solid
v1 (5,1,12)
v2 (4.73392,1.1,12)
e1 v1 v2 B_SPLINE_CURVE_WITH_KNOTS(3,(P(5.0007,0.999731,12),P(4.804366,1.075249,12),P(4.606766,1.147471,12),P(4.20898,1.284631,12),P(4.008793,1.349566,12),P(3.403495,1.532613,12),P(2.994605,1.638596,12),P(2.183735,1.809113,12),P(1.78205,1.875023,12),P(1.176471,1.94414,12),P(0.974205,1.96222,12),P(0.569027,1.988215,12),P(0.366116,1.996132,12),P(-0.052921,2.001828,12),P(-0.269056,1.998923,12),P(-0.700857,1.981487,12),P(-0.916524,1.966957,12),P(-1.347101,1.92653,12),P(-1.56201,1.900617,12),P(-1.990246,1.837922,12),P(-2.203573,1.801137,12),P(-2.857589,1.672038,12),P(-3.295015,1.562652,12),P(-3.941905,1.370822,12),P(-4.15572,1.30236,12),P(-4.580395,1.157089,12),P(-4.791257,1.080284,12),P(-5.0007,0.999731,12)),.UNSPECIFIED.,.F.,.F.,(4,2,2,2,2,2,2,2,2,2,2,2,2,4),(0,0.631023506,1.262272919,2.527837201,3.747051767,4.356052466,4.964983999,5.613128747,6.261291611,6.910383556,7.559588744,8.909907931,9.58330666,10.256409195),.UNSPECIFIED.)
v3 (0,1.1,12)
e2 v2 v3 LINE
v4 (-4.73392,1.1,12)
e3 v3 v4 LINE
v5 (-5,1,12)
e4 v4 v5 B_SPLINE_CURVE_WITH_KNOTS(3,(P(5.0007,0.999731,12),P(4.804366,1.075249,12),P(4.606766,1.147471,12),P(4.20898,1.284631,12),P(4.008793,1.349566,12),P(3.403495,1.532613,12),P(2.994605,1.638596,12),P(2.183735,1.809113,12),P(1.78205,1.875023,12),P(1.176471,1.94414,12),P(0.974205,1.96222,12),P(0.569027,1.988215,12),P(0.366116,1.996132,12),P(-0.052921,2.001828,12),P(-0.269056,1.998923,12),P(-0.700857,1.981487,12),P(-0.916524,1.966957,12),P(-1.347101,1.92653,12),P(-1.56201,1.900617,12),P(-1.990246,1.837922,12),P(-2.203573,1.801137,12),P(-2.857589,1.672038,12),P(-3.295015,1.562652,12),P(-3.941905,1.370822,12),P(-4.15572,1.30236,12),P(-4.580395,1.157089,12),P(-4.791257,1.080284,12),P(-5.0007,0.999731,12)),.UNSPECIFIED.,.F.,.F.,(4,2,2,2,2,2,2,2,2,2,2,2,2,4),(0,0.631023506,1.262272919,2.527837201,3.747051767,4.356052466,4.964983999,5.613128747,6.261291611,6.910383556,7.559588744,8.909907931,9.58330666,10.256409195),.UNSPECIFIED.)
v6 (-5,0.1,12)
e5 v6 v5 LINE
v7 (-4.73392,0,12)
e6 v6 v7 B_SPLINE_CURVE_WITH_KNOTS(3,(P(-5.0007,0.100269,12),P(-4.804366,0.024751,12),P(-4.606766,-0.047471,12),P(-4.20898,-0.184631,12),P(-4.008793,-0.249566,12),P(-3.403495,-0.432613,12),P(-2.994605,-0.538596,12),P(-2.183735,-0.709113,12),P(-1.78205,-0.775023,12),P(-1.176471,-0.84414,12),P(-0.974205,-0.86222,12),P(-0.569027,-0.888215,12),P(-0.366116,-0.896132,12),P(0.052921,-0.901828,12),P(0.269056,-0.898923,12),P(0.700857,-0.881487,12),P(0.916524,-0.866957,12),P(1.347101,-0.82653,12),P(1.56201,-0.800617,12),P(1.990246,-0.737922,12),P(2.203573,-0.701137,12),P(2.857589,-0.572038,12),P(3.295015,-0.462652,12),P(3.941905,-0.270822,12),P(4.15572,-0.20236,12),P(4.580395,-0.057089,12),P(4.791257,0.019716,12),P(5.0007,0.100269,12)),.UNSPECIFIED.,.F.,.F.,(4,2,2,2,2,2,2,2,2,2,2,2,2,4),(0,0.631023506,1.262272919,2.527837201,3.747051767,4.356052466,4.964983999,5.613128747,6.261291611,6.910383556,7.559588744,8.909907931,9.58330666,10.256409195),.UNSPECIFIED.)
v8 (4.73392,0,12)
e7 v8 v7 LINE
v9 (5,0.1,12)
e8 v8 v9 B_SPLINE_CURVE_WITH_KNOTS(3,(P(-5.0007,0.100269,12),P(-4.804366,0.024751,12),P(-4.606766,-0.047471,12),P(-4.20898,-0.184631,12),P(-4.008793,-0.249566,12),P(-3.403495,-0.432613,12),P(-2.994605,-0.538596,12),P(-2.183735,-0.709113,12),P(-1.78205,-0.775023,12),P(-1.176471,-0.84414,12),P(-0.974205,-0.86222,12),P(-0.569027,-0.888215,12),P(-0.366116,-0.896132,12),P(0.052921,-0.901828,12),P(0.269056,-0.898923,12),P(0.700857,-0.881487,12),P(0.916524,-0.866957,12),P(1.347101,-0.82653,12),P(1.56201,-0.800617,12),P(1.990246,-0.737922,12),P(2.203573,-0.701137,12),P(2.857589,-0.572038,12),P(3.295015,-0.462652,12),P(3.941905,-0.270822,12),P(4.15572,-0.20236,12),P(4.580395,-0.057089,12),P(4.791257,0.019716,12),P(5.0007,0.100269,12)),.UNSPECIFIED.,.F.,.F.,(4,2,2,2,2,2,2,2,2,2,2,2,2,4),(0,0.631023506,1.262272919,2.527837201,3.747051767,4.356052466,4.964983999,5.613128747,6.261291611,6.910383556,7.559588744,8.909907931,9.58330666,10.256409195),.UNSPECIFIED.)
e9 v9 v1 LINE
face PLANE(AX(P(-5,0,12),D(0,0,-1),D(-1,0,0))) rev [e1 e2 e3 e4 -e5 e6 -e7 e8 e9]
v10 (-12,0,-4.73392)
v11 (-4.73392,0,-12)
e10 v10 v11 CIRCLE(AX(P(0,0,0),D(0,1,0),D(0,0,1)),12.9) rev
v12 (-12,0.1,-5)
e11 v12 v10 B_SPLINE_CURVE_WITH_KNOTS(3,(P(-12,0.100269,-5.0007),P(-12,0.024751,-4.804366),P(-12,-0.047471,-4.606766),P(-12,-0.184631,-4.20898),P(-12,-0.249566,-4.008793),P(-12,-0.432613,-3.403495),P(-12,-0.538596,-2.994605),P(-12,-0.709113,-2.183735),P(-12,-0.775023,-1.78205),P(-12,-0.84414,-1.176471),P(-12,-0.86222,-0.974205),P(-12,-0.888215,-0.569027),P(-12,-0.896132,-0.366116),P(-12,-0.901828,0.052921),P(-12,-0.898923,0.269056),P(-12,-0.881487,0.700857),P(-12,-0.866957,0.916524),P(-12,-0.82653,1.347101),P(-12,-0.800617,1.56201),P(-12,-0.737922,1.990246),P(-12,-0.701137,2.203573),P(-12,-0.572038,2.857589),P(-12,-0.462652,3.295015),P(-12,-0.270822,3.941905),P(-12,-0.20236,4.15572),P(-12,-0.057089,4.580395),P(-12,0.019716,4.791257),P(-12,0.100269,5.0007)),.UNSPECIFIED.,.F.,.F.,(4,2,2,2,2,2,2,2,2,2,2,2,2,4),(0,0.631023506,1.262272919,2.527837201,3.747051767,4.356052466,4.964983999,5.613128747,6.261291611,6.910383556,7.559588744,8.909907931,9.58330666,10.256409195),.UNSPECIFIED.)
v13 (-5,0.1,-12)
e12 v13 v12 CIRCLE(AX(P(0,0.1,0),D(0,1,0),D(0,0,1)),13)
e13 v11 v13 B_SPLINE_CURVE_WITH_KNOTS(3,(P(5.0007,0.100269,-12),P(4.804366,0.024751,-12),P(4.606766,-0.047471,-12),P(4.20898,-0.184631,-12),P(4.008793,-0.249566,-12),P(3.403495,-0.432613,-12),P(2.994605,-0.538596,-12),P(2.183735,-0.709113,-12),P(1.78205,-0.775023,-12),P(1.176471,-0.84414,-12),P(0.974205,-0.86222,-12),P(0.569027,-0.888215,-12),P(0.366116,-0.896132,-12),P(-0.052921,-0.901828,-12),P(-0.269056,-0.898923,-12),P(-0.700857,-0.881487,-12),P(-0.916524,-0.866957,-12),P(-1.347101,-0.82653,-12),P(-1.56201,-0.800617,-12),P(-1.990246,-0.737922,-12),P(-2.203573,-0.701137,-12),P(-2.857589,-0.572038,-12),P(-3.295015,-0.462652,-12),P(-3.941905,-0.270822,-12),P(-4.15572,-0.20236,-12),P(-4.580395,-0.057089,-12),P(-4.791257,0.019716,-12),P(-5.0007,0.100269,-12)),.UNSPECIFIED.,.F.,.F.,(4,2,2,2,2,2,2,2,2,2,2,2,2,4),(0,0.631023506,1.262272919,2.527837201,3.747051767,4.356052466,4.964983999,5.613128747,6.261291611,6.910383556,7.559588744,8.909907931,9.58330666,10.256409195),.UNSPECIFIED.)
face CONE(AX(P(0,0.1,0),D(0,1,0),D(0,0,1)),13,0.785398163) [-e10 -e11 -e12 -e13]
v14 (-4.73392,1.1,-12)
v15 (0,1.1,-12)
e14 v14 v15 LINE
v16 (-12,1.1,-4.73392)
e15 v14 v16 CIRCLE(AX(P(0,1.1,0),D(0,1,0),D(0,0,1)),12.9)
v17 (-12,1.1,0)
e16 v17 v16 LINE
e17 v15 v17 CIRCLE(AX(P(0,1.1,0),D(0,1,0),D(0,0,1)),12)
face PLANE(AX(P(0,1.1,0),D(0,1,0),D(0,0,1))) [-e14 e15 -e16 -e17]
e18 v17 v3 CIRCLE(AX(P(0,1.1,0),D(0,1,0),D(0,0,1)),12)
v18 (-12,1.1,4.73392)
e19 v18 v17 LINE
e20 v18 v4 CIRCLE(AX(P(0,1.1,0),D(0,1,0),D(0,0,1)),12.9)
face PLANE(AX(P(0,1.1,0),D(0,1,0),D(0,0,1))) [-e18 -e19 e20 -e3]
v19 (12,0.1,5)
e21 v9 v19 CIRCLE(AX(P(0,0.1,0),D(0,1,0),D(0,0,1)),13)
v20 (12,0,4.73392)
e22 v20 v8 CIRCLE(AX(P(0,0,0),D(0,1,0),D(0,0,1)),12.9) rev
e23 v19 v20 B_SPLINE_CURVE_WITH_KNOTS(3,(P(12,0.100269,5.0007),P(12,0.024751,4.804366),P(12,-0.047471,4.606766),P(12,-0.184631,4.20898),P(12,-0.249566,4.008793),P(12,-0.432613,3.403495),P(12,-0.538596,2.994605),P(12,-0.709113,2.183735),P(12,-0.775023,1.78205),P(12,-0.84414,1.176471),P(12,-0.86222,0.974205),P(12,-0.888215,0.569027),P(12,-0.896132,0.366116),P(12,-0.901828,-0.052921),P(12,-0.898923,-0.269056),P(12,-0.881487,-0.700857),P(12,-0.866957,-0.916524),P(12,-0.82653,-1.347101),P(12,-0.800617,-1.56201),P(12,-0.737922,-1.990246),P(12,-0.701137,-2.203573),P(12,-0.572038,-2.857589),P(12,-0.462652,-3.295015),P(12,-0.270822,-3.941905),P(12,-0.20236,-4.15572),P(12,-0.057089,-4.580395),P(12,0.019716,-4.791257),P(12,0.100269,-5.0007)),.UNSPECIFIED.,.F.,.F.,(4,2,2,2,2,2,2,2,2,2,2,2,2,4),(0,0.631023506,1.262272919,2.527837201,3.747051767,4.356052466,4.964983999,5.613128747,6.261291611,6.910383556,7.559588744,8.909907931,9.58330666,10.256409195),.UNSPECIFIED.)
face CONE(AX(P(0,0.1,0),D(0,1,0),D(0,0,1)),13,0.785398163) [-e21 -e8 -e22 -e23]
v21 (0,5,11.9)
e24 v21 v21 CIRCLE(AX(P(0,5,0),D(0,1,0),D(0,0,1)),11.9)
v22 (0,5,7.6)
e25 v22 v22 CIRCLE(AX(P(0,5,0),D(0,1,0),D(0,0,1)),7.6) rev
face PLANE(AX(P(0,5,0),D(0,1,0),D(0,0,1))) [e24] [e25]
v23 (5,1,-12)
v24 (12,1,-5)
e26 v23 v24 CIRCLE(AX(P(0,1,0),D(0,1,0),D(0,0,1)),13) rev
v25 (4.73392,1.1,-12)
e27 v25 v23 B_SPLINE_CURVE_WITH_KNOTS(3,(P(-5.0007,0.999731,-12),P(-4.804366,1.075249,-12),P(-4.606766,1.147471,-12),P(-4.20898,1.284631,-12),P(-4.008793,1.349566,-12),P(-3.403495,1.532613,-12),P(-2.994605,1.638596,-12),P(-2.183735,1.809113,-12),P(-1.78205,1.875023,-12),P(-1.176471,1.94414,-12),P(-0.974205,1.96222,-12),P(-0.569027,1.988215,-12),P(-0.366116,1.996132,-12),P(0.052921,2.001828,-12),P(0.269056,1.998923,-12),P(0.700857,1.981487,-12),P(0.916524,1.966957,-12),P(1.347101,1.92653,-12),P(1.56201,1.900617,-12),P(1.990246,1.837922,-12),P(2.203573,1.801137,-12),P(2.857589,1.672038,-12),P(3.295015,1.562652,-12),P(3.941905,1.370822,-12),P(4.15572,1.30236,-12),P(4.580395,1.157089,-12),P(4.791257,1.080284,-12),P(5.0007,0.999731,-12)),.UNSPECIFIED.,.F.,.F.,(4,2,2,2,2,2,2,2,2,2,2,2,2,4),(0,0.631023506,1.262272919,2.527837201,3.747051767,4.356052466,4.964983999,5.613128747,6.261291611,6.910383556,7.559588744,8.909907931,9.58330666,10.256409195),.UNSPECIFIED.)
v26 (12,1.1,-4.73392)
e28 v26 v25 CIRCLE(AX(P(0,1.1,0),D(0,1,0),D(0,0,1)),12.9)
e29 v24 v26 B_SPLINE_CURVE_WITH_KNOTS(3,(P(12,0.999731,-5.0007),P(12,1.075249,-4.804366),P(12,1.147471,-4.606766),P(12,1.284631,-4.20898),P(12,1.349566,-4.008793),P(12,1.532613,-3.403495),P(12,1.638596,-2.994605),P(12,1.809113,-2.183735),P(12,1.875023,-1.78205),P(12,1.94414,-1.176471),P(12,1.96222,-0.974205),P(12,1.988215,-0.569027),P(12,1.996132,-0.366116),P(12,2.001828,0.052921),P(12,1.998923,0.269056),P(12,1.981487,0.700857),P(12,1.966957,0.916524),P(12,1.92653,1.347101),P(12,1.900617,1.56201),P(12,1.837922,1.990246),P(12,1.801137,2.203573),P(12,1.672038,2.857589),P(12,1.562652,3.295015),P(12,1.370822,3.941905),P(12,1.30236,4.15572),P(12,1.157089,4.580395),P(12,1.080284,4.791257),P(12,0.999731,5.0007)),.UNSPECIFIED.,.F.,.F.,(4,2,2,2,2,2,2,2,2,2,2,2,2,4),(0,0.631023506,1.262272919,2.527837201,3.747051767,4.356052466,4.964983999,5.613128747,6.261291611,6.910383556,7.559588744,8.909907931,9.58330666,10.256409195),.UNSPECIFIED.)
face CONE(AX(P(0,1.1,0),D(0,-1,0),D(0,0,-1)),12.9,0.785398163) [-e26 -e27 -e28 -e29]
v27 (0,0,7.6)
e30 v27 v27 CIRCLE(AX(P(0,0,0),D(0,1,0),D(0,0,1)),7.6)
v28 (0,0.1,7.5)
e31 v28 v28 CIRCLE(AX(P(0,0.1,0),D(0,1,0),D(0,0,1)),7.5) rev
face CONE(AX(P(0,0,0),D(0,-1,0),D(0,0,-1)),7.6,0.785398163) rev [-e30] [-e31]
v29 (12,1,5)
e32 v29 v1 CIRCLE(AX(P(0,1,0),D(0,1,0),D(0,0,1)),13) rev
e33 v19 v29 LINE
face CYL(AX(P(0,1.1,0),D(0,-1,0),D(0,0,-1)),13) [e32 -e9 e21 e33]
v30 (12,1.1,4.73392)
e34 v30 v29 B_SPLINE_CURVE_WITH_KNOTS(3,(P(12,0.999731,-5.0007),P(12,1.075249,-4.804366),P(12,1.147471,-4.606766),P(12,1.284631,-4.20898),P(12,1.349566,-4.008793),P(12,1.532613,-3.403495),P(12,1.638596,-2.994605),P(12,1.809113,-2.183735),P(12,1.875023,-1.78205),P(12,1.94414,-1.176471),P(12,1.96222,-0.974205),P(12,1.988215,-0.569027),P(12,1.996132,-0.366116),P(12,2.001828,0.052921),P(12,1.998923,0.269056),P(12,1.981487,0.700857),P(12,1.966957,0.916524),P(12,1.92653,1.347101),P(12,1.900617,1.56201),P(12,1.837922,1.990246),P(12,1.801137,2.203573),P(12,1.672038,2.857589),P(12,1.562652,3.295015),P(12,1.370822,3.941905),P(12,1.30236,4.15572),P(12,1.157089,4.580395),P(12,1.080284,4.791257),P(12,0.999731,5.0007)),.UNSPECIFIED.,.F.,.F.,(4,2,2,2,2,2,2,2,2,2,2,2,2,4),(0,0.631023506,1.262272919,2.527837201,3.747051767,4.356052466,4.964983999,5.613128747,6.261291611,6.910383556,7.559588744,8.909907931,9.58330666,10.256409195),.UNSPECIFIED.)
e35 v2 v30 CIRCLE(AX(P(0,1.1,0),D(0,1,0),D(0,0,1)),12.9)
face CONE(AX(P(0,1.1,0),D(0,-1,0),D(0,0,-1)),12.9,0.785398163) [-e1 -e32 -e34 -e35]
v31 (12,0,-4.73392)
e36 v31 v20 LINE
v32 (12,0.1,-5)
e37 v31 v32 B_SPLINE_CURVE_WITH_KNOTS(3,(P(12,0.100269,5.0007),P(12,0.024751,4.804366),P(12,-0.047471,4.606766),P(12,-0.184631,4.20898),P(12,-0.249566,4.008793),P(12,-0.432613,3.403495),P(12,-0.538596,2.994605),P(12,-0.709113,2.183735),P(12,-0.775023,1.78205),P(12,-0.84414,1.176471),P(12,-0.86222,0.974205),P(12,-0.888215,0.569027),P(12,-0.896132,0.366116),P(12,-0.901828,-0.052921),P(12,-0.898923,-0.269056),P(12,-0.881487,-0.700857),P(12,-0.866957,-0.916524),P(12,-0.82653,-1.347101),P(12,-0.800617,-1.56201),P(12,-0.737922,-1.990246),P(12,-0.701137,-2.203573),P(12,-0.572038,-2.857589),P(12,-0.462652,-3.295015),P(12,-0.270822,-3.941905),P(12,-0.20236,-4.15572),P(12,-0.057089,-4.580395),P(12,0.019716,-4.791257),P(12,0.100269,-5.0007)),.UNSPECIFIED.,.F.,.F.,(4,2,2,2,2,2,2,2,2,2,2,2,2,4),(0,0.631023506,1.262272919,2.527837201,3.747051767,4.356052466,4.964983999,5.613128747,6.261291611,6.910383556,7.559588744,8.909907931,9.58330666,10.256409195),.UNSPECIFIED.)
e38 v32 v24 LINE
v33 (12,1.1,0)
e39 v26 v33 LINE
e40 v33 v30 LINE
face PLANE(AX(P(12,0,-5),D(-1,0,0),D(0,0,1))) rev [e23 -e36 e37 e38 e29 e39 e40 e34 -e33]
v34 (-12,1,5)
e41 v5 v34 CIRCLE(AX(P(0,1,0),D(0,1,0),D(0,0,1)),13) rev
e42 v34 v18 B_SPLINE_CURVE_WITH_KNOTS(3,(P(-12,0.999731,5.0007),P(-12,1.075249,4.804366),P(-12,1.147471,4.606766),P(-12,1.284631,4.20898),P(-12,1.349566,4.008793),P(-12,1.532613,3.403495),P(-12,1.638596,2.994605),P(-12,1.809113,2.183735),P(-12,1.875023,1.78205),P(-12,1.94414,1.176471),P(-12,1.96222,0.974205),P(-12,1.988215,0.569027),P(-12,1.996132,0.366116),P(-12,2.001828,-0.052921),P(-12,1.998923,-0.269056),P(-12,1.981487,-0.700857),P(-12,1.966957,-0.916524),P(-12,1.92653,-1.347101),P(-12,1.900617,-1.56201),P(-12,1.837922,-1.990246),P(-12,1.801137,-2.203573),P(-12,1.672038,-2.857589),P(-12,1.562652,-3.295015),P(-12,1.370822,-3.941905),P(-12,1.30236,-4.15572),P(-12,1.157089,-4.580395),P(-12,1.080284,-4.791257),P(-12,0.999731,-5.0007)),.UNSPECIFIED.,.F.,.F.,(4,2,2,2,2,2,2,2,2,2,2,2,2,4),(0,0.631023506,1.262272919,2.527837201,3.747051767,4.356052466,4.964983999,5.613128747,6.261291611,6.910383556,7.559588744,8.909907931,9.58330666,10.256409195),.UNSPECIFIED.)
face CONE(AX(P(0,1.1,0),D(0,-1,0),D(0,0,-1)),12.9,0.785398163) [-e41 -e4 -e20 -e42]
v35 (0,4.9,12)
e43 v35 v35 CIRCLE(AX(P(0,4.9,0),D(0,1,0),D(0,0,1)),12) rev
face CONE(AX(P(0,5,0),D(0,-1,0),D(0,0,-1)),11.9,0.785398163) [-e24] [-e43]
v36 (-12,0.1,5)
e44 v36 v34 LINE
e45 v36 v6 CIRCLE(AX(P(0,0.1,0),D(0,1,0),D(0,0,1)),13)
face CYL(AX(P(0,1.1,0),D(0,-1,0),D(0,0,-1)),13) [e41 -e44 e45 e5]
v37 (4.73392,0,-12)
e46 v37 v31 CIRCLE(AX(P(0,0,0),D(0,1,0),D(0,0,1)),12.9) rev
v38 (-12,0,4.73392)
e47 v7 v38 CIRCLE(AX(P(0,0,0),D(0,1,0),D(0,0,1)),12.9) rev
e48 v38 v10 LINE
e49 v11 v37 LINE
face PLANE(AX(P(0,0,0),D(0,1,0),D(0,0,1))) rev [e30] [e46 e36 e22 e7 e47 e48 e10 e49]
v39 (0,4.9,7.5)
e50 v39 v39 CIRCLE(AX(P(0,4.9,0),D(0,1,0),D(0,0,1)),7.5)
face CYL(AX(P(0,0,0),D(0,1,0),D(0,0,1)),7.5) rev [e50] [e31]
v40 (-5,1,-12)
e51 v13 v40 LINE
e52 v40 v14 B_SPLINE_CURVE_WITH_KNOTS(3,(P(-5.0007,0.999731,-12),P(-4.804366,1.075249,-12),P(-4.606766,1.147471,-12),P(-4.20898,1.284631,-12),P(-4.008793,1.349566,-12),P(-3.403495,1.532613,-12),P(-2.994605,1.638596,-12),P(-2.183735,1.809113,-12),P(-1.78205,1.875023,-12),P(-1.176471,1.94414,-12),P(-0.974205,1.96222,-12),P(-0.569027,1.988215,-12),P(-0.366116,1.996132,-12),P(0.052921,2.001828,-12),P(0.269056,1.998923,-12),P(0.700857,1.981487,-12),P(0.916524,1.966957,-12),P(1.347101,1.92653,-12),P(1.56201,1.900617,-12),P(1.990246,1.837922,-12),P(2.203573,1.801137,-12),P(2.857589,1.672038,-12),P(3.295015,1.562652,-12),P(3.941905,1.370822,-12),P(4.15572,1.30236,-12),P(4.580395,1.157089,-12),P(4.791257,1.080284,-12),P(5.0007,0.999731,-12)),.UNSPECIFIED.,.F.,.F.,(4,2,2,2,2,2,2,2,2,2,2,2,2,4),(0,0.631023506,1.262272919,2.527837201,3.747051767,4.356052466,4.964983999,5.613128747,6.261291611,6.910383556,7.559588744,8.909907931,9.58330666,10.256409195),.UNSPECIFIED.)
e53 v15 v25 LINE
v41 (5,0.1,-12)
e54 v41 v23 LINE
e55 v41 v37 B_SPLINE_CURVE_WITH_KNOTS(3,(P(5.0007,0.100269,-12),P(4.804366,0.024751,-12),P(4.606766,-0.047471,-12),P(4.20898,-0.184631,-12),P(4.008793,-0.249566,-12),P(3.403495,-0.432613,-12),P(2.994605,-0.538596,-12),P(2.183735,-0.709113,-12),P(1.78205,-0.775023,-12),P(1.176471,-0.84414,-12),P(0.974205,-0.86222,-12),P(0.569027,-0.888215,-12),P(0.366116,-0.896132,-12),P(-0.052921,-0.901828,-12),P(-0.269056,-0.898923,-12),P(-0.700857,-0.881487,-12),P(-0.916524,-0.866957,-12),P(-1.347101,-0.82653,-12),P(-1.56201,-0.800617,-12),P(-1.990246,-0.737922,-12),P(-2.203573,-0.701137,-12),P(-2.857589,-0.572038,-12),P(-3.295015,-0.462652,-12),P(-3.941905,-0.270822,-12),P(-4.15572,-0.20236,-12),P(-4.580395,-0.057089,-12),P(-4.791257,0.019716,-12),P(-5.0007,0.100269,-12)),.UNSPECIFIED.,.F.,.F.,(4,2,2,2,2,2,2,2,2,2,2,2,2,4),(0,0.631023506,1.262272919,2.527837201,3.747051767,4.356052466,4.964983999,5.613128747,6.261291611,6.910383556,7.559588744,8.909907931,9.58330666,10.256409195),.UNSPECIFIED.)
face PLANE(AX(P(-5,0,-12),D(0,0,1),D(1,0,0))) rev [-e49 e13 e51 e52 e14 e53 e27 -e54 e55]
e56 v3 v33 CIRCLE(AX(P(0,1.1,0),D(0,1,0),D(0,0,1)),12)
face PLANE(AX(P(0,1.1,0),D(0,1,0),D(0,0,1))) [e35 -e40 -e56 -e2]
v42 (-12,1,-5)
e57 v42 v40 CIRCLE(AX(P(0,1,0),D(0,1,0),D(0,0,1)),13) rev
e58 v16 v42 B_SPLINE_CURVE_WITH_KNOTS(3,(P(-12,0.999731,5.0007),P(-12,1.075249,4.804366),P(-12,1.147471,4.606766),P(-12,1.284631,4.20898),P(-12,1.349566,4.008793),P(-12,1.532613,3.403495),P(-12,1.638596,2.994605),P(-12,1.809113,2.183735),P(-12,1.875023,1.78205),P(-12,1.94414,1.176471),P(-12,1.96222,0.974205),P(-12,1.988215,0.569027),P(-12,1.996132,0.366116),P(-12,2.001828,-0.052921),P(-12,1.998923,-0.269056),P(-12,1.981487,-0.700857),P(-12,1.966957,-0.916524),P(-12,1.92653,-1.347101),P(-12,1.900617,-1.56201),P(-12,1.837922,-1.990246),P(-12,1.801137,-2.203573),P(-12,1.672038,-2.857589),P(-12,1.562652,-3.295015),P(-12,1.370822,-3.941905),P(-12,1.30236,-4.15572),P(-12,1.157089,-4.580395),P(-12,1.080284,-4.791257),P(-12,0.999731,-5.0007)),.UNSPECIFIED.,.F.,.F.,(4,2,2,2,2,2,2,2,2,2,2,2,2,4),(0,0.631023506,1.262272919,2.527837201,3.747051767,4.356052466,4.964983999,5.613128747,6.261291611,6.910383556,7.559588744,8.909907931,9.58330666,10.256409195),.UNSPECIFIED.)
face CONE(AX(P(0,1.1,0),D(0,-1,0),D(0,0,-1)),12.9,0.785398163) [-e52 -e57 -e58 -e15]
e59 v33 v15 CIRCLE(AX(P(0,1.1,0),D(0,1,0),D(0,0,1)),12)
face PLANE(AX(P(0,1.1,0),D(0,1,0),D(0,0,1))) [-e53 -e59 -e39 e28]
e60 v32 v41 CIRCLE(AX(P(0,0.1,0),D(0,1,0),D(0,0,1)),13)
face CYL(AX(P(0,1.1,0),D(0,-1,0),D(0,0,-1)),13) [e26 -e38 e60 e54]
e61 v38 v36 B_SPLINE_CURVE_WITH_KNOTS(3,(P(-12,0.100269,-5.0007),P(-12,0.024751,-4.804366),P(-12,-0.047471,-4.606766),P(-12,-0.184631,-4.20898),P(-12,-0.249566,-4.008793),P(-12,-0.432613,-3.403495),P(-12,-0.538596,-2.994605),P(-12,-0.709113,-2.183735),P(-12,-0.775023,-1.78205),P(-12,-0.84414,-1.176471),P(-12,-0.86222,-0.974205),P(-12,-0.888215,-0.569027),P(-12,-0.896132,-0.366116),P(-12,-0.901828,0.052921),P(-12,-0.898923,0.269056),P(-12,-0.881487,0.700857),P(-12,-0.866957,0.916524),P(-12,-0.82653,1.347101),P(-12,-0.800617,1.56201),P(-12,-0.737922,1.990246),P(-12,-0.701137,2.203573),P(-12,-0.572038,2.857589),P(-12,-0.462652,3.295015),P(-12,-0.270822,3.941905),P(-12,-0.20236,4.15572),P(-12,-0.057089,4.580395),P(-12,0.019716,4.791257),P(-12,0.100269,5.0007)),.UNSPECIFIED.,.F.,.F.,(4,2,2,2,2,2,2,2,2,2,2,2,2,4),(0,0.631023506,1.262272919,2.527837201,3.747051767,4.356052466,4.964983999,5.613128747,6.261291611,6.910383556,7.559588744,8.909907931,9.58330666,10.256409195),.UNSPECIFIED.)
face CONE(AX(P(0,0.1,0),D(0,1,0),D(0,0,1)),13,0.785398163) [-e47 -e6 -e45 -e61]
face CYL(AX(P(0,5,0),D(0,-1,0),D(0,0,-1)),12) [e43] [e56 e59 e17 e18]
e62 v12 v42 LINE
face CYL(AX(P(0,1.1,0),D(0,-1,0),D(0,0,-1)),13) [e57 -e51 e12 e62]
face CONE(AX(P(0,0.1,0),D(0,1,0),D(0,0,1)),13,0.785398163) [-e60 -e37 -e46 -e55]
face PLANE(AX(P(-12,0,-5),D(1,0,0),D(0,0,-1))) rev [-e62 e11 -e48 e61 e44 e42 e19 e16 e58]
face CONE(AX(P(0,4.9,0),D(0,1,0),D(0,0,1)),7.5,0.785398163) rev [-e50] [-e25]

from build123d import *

# Parameters (mm, degrees)
SKETCH_1_R          = 13
EXTRUDE_1_DEPTH     = 1.1
SKETCH_2_R          = 12
EXTRUDE_2_DEPTH     = 3.9
SKETCH_3_R          = 7.5
CUT_EXTRUDE_1_DEPTH = 20.052558883
CHAMFER_1_SIZE      = 0.1
CUT_EXTRUDE_2_DEPTH = 19.793881983


with BuildPart() as part:
    # 草图1 → 凸台-拉伸1 (new body)
    with BuildSketch(Plane(origin=(0, 0, 0), x_dir=(1, 0, 0), z_dir=(0, 1, 0))):
        with Locations(Location((0, 0, 0), (0, 0, 270))):
            Circle(SKETCH_1_R)
    extrude(amount=EXTRUDE_1_DEPTH)

    # 草图2 → 凸台-拉伸2 (add)
    with BuildSketch(Plane(origin=(0, 1.1, 0), x_dir=(1, 0, 0), z_dir=(0, 1, 0))):
        with Locations(Location((0, 0, 0), (0, 0, 270))):
            Circle(SKETCH_2_R)
    extrude(amount=EXTRUDE_2_DEPTH)

    # 草图3 → 切除-拉伸1 (cut, through all)
    with BuildSketch(Plane(origin=(0, 5, 0), x_dir=(1, 0, 0), z_dir=(0, 1, 0))):
        with Locations(Location((0, 0, 0), (0, 0, 270))):
            Circle(SKETCH_3_R)
    extrude(amount=-CUT_EXTRUDE_1_DEPTH, mode=Mode.SUBTRACT)

    # 倒角1
    chamfer_1_edges = [part.edges().sort_by_distance(p)[0] for p in [
        (0, 0, -7.5),
        (0, 5, -7.5),
        (0, 0, -13),
        (0, 1.1, -13),
        (0, 5, -12),
    ]]
    chamfer(chamfer_1_edges, length=CHAMFER_1_SIZE)

    # 草图7 → 切除-拉伸2 (cut, through all)
    with BuildSketch(Plane(origin=(0, 1.1, 0), x_dir=(1, 0, 0), z_dir=(0, 1, 0))):
        with BuildLine():
            Line((-5, 12), (5, 12))
            ThreePointArc((5, 12), (0, 13), (-5, 12))
        make_face()
        with BuildLine():
            Line((-12, 5), (-12, -5))
            ThreePointArc((-12, -5), (-13, 0), (-12, 5))
        make_face()
        with BuildLine():
            Line((-5, -12), (5, -12))
            ThreePointArc((5, -12), (0, -13), (-5, -12))
        make_face()
        with BuildLine():
            Line((12, 5), (12, -5))
            ThreePointArc((12, -5), (13, 0), (12, 5))
        make_face()
    extrude(amount=-CUT_EXTRUDE_2_DEPTH, mode=Mode.SUBTRACT)


solid = part.part
